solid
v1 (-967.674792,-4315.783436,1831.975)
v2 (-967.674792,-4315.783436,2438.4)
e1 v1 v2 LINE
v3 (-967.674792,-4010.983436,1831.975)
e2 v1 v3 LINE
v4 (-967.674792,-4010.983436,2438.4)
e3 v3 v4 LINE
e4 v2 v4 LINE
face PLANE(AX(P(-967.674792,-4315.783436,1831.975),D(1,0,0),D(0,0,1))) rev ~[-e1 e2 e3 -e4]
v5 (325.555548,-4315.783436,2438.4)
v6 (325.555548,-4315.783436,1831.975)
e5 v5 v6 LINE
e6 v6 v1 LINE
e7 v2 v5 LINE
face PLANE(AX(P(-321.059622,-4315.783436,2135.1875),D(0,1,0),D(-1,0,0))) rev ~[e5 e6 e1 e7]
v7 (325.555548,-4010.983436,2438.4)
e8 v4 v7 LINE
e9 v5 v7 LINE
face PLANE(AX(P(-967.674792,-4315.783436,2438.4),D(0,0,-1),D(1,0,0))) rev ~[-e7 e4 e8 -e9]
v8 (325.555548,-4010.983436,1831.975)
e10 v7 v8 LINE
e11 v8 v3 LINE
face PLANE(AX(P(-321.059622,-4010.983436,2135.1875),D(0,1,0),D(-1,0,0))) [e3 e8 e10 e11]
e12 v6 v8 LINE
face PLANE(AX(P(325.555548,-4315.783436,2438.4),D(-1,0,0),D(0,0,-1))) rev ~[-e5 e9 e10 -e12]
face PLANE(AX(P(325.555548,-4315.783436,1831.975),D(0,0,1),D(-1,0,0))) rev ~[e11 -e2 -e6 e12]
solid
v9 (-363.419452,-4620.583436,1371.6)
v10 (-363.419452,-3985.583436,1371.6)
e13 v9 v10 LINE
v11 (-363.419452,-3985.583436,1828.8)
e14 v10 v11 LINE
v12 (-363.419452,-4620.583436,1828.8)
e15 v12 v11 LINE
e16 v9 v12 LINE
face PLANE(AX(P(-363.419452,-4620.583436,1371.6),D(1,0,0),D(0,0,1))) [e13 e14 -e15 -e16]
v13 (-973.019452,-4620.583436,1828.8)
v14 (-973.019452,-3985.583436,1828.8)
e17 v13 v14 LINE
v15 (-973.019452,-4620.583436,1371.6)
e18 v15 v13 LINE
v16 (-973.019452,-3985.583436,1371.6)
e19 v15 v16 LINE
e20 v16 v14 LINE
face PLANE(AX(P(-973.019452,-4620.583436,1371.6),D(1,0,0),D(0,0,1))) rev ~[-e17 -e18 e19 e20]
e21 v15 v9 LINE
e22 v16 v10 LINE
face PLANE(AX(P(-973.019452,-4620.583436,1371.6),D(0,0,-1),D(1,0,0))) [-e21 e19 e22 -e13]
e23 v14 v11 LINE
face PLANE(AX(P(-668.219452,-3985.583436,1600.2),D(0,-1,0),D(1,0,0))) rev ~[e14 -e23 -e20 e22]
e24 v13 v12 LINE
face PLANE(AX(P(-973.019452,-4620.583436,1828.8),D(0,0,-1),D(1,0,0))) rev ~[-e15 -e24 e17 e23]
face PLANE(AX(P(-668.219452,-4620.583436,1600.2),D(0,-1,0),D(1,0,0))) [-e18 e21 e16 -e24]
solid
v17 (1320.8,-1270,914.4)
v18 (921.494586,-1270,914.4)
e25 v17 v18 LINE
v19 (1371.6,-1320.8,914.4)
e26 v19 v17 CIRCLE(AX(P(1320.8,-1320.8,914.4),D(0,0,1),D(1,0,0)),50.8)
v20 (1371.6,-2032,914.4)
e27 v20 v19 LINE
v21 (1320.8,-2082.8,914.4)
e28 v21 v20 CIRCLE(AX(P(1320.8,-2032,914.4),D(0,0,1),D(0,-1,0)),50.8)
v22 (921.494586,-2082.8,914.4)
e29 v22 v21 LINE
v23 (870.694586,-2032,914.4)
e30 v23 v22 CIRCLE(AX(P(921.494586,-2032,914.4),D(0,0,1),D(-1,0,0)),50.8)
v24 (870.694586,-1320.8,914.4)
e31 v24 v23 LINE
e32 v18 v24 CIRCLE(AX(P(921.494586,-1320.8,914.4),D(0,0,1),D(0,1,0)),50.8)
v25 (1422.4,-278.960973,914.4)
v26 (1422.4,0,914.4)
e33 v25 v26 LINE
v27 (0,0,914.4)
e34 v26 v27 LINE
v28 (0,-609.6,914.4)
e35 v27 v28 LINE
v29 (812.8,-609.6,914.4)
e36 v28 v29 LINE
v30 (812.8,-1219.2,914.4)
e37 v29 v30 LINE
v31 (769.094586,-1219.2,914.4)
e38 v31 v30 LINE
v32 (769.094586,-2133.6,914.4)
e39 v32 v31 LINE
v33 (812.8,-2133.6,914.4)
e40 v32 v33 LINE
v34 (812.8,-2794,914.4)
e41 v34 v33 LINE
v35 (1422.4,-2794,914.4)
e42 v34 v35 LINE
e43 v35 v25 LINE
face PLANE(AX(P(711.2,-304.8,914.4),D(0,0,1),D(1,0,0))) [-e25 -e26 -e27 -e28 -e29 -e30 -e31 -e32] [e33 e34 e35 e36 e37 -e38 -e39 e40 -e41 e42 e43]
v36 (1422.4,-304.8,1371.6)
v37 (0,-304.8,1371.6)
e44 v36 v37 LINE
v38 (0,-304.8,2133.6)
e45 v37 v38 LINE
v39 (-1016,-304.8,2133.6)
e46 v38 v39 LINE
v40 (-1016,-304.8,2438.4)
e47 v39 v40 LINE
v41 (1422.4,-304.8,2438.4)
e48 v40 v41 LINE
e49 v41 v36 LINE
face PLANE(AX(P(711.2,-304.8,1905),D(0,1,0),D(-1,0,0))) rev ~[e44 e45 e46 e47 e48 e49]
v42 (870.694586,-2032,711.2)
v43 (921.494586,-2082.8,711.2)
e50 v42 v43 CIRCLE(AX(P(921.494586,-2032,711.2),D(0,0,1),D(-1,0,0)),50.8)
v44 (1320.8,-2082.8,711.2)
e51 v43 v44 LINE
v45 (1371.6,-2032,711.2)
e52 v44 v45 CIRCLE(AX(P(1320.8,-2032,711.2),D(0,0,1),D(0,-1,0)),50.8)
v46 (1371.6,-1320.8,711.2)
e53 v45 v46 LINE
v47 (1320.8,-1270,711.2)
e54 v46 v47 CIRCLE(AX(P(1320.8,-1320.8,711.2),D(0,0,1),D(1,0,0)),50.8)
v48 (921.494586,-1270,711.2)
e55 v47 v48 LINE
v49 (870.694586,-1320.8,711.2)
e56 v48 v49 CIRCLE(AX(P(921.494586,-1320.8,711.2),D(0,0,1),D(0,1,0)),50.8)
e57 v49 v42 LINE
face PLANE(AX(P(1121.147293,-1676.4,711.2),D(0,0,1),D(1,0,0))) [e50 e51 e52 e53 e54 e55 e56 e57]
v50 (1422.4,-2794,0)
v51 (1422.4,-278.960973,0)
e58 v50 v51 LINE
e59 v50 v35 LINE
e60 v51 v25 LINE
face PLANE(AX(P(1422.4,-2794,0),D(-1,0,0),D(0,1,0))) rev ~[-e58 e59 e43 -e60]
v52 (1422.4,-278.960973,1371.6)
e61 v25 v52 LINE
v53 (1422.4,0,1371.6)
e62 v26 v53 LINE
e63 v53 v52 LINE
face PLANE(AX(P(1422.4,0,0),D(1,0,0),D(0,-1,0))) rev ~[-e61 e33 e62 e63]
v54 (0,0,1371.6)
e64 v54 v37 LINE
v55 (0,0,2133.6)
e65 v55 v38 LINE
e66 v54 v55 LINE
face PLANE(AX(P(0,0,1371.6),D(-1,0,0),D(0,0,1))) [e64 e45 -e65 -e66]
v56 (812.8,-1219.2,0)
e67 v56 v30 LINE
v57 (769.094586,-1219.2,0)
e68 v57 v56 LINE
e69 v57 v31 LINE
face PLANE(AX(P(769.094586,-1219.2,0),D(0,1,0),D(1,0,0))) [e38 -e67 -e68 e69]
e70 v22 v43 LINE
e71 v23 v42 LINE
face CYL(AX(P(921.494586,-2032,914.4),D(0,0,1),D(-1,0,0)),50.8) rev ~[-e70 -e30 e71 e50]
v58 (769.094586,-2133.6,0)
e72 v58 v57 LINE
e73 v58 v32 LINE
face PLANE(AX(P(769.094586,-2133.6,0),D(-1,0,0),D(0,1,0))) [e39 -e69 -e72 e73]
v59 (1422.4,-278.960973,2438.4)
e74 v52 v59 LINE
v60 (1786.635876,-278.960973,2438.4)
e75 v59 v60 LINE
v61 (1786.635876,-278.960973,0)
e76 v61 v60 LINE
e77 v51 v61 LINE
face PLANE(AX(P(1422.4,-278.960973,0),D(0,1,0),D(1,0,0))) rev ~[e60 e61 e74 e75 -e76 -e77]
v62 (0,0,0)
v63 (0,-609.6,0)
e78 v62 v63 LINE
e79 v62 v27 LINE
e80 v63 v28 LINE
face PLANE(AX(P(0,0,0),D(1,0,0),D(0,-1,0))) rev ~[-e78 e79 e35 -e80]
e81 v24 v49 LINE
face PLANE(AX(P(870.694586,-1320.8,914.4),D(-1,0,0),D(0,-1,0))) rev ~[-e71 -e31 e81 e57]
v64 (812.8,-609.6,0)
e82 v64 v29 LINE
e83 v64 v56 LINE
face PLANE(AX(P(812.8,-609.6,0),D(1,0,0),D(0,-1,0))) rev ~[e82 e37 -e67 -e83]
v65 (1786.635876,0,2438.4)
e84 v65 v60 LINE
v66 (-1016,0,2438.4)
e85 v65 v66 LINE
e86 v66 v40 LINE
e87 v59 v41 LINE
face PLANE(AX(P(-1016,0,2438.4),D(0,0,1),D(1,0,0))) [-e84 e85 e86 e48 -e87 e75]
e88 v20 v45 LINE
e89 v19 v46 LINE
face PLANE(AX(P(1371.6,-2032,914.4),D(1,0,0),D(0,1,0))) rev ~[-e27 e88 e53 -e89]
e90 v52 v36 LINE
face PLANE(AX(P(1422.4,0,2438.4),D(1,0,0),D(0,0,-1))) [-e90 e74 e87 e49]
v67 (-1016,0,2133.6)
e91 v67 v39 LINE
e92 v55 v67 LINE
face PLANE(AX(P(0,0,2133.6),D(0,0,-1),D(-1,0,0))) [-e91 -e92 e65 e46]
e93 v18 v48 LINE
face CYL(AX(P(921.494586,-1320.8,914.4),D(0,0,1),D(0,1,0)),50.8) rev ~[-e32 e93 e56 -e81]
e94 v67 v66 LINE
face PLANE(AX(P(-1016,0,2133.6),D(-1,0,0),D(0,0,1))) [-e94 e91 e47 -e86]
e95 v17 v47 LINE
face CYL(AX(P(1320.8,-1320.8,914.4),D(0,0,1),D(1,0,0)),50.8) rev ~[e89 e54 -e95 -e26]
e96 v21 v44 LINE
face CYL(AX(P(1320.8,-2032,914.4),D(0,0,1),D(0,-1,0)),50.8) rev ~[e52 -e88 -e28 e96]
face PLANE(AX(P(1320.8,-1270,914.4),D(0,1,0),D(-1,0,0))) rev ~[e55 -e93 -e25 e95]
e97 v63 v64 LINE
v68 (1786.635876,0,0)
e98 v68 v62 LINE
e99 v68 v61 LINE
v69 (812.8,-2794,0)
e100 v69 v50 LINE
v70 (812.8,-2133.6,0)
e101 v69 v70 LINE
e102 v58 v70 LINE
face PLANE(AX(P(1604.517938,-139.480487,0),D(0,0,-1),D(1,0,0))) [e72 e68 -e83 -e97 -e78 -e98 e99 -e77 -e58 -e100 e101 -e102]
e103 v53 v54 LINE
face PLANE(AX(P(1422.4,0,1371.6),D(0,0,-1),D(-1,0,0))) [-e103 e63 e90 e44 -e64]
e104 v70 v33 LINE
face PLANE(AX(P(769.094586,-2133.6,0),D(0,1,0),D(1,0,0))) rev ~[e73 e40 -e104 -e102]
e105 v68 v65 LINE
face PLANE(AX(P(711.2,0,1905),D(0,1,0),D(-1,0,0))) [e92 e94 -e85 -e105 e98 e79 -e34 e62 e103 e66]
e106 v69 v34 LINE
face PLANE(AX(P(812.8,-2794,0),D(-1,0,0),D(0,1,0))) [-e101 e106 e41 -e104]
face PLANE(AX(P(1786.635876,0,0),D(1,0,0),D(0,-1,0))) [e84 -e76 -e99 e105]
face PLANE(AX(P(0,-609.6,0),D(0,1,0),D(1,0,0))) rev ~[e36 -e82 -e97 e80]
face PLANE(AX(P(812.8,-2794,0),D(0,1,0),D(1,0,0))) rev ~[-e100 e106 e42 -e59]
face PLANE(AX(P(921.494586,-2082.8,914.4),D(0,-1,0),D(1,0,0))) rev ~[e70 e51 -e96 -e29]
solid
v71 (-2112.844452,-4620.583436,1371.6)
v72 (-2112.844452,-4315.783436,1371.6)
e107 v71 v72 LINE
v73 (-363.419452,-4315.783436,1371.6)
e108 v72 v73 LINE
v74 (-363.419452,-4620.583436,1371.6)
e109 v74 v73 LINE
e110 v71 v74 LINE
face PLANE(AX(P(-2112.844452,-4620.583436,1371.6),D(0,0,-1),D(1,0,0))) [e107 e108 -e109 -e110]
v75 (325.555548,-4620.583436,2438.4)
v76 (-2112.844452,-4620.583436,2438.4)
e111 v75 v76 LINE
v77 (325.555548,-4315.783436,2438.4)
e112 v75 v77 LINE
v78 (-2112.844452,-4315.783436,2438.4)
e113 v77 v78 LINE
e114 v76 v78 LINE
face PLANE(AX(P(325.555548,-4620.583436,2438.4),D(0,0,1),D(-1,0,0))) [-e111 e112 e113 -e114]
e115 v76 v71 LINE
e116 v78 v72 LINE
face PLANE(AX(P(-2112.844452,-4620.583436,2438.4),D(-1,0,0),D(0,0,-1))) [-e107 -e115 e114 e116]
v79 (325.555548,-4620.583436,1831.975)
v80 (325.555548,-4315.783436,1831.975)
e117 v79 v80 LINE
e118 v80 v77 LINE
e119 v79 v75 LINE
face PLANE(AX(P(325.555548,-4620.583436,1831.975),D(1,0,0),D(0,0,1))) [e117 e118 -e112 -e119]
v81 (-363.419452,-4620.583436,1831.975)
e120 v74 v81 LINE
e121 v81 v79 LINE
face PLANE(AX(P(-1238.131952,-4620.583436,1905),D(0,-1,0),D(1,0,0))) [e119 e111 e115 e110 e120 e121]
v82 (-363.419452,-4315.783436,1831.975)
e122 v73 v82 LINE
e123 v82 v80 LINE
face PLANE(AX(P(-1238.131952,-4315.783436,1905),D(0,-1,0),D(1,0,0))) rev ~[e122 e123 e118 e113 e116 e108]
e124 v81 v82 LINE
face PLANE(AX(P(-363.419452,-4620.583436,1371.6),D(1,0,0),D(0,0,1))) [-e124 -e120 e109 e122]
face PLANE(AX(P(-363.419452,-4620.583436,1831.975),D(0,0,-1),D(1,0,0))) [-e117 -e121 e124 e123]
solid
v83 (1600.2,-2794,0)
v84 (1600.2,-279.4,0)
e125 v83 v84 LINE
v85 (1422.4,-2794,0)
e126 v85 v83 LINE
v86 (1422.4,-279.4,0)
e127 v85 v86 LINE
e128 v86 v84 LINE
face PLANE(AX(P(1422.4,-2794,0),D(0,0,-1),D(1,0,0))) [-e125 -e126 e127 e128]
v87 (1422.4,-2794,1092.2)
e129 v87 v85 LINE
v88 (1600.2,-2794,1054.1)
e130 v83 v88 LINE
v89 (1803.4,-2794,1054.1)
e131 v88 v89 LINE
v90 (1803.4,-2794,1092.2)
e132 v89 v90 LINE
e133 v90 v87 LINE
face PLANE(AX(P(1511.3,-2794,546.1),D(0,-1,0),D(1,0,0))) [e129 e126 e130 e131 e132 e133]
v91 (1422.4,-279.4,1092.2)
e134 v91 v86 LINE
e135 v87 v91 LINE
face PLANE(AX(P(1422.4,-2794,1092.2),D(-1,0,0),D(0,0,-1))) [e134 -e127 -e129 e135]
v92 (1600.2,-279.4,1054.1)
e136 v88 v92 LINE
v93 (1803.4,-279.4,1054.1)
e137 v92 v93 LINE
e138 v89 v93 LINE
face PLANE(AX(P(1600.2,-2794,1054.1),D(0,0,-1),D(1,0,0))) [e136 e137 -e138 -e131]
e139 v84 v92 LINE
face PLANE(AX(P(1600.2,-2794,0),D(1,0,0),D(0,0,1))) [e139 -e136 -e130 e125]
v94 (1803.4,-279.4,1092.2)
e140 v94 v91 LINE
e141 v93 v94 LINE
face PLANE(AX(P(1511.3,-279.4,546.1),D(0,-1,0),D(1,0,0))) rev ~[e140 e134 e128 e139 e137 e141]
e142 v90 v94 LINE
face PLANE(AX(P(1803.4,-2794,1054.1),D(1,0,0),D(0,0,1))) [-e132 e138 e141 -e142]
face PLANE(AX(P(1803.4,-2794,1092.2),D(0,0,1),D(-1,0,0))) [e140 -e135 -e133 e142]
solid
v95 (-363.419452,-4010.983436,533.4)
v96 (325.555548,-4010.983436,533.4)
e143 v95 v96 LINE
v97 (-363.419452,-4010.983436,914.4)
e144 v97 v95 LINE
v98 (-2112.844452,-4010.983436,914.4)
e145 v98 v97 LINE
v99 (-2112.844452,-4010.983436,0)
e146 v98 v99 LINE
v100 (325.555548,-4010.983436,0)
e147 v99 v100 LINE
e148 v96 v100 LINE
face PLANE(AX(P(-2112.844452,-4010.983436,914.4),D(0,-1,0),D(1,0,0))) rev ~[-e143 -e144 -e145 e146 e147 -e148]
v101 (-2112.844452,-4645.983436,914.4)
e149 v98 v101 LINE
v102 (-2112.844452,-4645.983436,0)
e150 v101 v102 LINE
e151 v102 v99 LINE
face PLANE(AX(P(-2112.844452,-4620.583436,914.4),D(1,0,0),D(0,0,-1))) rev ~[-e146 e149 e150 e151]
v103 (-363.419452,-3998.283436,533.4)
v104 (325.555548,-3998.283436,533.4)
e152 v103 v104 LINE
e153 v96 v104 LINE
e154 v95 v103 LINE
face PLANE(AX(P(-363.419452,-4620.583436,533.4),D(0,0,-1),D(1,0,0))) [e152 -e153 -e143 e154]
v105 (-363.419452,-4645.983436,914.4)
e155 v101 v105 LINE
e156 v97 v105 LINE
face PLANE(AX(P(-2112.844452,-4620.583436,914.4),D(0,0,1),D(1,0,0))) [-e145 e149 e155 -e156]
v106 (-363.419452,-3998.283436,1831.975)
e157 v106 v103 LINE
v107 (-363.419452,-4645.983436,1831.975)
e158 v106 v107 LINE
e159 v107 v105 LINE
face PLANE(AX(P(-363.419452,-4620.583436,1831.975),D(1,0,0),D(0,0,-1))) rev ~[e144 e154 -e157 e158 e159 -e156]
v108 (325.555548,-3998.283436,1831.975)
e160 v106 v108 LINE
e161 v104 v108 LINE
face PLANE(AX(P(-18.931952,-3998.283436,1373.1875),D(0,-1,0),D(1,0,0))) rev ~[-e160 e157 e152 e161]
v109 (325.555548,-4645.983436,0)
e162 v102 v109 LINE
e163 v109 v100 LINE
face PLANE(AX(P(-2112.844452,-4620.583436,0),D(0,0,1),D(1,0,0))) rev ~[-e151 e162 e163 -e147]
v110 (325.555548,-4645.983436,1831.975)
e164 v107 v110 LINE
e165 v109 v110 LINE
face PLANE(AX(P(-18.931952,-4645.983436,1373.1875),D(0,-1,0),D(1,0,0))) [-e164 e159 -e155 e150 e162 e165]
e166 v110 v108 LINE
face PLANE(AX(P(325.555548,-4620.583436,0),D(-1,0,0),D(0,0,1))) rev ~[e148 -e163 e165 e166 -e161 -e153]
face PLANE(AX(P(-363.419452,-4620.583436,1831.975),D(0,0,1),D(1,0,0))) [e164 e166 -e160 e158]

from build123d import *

# Parameters (mm, degrees)
F0_W      = 609.6
F0_H      = 609.6
F0_H_2    = 914.4
F0_W_2    = 43.7054136276
F0_H_3    = 660.4
F1_DEPTH  = 914.4
F2_W      = 203.2
F2_H      = 38.1
F3_DEPTH  = 2514.6
F4_W      = 364.2358757019
F4_H      = 278.9609730244
F5_DEPTH  = 2438.4
F7_DEPTH  = 203.2
F8_W      = 2438.4
F8_H      = 609.6
F9_DEPTH  = 914.4
F10_W     = 1016
F10_H     = 304.8
F11_DEPTH = 304.8
F12_W     = 688.975
F12_H     = 917.575
F12_H_2   = 381
F13_DEPTH = 622.3
F14_W     = 688.975
F14_H     = 606.425
F15_DEPTH = 304.8
F16_W     = 609.6
F16_H     = 457.2
F17_DEPTH = 635
F19_DEPTH = 304.8
F20_DEPTH = 25.4


with BuildPart() as f1:
    # F0 (on Top) → F1 (new body)
    with BuildSketch(Plane.XY):
        Polygon((1422.4, 0), (0, 0), (0, -609.6), (812.8, -609.6), (1422.4, -609.6), align=None)
        with Locations((1117.6, -914.4)):
            Rectangle(F0_W, F0_H)
        with Locations((1117.6, -1676.4)):
            Rectangle(F0_W, F0_H_2)
        with Locations((790.9472931862, -1676.4)):
            Rectangle(F0_W_2, F0_H_2)
        with Locations((1117.6, -2463.8)):
            Rectangle(F0_W, F0_H_3)
    extrude(amount=F1_DEPTH)

    # F4 (on face) → F5 (join)
    with BuildSketch(Plane(origin=(0, 0, 0), x_dir=(1, 0, 0), z_dir=(0, 0, -1))):
        with Locations((1604.517937851, 139.4804865122)):
            Rectangle(F4_W, F4_H)
    extrude(amount=-F5_DEPTH)

    # F6 (on face) → F7 (cut)
    with BuildSketch(Plane.XY.offset(914.4)):
        with BuildLine():
            Line((1320.8, -1270), (921.4945863724, -1270))
            ThreePointArc((921.4945863724, -1270), (885.5735618881, -1284.8789755157), (870.6945863724, -1320.8))
            Line((870.6945863724, -1320.8), (870.6945863724, -2032))
            ThreePointArc((870.6945863724, -2032), (885.5735618881, -2067.9210244843), (921.4945863724, -2082.8))
            Line((921.4945863724, -2082.8), (1320.8, -2082.8))
            ThreePointArc((1320.8, -2082.8), (1356.7210244843, -2067.9210244843), (1371.6, -2032))
            Line((1371.6, -2032), (1371.6, -1320.8))
            ThreePointArc((1371.6, -1320.8), (1356.7210244843, -1284.8789755157), (1320.8, -1270))
        make_face()
    extrude(amount=-F7_DEPTH, mode=Mode.SUBTRACT)

    # F10 (on face) → F11 (join)
    with BuildSketch(Plane(origin=(0, 0, 0), x_dir=(-1, 0, 0), z_dir=(0, 1, 0))):
        Polygon((-1422.4, 2438.4), (-1422.4, 1371.6), (0, 1371.6), (0, 2133.6), (0, 2438.4), align=None)
        with Locations((508, 2286)):
            Rectangle(F10_W, F10_H)
    extrude(amount=-F11_DEPTH)


with BuildPart() as f3:
    # F2 (on face) → F3 (new body)
    with BuildSketch(Plane.XZ.offset(2794)):
        Polygon((1422.4, 914.4), (1422.4, 0), (1600.2, 0), (1600.2, 1054.1), (1600.2, 1092.2), (1422.4, 1092.2), align=None)
        with Locations((1701.8, 1073.15)):
            Rectangle(F2_W, F2_H)
    extrude(amount=-F3_DEPTH)


with BuildPart() as f9:
    # F8 (on face) → F9 (new body)
    with BuildSketch(Plane.XY.offset(914.4)):
        with Locations((-893.644452095, -4315.7834364895)):
            Rectangle(F8_W, F8_H)
    extrude(amount=-F9_DEPTH)

    # F12 (on face) → F13 (join)
    with BuildSketch(Plane.XZ.offset(4620.5834364895)):
        with Locations((-18.931952095, 1373.1875)):
            Rectangle(F12_W, F12_H)
        with Locations((-18.931952095, 723.9)):
            Rectangle(F12_W, F12_H_2)
    extrude(amount=-F13_DEPTH)

    # F20 (add): a face of the model
    f20_faces = [f9.faces().sort_by_distance(p)[0] for p in [
        (-700.4199903624, -4620.5834364895, 659.5421314332),
    ]]
    extrude(f20_faces, amount=F20_DEPTH)


with BuildPart() as f15:
    # F14 (on face) → F15 (new body)
    with BuildSketch(Plane.XZ.offset(4620.5834364895)):
        Polygon((-363.419452095, 1371.6), (-363.419452095, 1831.975), (-363.419452095, 2438.4), (-2112.844452095, 2438.4), (-2112.844452095, 1371.6), align=None)
        with Locations((-18.931952095, 2135.1875)):
            Rectangle(F14_W, F14_H)
    extrude(amount=-F15_DEPTH)


with BuildPart() as f17:
    # F16 (on face) → F17 (new body)
    with BuildSketch(Plane.XZ.offset(4620.5834364895)):
        with Locations((-668.219452095, 1600.2)):
            Rectangle(F16_W, F16_H)
    extrude(amount=-F17_DEPTH)


with BuildPart() as f19:
    # F18 (on face) → F19 (new body)
    with BuildSketch(Plane(origin=(0, -4315.7834364895, 0), x_dir=(-1, 0, 0), z_dir=(0, 1, 0))):
        Polygon((-325.555547905, 2438.4), (-325.555547905, 1831.975), (363.419452095, 1831.975), (967.6747918129, 1831.975), (967.6747918129, 2438.4), align=None)
    extrude(amount=F19_DEPTH)


solid = Compound([f1.part, f3.part, f9.part, f15.part, f17.part, f19.part])
